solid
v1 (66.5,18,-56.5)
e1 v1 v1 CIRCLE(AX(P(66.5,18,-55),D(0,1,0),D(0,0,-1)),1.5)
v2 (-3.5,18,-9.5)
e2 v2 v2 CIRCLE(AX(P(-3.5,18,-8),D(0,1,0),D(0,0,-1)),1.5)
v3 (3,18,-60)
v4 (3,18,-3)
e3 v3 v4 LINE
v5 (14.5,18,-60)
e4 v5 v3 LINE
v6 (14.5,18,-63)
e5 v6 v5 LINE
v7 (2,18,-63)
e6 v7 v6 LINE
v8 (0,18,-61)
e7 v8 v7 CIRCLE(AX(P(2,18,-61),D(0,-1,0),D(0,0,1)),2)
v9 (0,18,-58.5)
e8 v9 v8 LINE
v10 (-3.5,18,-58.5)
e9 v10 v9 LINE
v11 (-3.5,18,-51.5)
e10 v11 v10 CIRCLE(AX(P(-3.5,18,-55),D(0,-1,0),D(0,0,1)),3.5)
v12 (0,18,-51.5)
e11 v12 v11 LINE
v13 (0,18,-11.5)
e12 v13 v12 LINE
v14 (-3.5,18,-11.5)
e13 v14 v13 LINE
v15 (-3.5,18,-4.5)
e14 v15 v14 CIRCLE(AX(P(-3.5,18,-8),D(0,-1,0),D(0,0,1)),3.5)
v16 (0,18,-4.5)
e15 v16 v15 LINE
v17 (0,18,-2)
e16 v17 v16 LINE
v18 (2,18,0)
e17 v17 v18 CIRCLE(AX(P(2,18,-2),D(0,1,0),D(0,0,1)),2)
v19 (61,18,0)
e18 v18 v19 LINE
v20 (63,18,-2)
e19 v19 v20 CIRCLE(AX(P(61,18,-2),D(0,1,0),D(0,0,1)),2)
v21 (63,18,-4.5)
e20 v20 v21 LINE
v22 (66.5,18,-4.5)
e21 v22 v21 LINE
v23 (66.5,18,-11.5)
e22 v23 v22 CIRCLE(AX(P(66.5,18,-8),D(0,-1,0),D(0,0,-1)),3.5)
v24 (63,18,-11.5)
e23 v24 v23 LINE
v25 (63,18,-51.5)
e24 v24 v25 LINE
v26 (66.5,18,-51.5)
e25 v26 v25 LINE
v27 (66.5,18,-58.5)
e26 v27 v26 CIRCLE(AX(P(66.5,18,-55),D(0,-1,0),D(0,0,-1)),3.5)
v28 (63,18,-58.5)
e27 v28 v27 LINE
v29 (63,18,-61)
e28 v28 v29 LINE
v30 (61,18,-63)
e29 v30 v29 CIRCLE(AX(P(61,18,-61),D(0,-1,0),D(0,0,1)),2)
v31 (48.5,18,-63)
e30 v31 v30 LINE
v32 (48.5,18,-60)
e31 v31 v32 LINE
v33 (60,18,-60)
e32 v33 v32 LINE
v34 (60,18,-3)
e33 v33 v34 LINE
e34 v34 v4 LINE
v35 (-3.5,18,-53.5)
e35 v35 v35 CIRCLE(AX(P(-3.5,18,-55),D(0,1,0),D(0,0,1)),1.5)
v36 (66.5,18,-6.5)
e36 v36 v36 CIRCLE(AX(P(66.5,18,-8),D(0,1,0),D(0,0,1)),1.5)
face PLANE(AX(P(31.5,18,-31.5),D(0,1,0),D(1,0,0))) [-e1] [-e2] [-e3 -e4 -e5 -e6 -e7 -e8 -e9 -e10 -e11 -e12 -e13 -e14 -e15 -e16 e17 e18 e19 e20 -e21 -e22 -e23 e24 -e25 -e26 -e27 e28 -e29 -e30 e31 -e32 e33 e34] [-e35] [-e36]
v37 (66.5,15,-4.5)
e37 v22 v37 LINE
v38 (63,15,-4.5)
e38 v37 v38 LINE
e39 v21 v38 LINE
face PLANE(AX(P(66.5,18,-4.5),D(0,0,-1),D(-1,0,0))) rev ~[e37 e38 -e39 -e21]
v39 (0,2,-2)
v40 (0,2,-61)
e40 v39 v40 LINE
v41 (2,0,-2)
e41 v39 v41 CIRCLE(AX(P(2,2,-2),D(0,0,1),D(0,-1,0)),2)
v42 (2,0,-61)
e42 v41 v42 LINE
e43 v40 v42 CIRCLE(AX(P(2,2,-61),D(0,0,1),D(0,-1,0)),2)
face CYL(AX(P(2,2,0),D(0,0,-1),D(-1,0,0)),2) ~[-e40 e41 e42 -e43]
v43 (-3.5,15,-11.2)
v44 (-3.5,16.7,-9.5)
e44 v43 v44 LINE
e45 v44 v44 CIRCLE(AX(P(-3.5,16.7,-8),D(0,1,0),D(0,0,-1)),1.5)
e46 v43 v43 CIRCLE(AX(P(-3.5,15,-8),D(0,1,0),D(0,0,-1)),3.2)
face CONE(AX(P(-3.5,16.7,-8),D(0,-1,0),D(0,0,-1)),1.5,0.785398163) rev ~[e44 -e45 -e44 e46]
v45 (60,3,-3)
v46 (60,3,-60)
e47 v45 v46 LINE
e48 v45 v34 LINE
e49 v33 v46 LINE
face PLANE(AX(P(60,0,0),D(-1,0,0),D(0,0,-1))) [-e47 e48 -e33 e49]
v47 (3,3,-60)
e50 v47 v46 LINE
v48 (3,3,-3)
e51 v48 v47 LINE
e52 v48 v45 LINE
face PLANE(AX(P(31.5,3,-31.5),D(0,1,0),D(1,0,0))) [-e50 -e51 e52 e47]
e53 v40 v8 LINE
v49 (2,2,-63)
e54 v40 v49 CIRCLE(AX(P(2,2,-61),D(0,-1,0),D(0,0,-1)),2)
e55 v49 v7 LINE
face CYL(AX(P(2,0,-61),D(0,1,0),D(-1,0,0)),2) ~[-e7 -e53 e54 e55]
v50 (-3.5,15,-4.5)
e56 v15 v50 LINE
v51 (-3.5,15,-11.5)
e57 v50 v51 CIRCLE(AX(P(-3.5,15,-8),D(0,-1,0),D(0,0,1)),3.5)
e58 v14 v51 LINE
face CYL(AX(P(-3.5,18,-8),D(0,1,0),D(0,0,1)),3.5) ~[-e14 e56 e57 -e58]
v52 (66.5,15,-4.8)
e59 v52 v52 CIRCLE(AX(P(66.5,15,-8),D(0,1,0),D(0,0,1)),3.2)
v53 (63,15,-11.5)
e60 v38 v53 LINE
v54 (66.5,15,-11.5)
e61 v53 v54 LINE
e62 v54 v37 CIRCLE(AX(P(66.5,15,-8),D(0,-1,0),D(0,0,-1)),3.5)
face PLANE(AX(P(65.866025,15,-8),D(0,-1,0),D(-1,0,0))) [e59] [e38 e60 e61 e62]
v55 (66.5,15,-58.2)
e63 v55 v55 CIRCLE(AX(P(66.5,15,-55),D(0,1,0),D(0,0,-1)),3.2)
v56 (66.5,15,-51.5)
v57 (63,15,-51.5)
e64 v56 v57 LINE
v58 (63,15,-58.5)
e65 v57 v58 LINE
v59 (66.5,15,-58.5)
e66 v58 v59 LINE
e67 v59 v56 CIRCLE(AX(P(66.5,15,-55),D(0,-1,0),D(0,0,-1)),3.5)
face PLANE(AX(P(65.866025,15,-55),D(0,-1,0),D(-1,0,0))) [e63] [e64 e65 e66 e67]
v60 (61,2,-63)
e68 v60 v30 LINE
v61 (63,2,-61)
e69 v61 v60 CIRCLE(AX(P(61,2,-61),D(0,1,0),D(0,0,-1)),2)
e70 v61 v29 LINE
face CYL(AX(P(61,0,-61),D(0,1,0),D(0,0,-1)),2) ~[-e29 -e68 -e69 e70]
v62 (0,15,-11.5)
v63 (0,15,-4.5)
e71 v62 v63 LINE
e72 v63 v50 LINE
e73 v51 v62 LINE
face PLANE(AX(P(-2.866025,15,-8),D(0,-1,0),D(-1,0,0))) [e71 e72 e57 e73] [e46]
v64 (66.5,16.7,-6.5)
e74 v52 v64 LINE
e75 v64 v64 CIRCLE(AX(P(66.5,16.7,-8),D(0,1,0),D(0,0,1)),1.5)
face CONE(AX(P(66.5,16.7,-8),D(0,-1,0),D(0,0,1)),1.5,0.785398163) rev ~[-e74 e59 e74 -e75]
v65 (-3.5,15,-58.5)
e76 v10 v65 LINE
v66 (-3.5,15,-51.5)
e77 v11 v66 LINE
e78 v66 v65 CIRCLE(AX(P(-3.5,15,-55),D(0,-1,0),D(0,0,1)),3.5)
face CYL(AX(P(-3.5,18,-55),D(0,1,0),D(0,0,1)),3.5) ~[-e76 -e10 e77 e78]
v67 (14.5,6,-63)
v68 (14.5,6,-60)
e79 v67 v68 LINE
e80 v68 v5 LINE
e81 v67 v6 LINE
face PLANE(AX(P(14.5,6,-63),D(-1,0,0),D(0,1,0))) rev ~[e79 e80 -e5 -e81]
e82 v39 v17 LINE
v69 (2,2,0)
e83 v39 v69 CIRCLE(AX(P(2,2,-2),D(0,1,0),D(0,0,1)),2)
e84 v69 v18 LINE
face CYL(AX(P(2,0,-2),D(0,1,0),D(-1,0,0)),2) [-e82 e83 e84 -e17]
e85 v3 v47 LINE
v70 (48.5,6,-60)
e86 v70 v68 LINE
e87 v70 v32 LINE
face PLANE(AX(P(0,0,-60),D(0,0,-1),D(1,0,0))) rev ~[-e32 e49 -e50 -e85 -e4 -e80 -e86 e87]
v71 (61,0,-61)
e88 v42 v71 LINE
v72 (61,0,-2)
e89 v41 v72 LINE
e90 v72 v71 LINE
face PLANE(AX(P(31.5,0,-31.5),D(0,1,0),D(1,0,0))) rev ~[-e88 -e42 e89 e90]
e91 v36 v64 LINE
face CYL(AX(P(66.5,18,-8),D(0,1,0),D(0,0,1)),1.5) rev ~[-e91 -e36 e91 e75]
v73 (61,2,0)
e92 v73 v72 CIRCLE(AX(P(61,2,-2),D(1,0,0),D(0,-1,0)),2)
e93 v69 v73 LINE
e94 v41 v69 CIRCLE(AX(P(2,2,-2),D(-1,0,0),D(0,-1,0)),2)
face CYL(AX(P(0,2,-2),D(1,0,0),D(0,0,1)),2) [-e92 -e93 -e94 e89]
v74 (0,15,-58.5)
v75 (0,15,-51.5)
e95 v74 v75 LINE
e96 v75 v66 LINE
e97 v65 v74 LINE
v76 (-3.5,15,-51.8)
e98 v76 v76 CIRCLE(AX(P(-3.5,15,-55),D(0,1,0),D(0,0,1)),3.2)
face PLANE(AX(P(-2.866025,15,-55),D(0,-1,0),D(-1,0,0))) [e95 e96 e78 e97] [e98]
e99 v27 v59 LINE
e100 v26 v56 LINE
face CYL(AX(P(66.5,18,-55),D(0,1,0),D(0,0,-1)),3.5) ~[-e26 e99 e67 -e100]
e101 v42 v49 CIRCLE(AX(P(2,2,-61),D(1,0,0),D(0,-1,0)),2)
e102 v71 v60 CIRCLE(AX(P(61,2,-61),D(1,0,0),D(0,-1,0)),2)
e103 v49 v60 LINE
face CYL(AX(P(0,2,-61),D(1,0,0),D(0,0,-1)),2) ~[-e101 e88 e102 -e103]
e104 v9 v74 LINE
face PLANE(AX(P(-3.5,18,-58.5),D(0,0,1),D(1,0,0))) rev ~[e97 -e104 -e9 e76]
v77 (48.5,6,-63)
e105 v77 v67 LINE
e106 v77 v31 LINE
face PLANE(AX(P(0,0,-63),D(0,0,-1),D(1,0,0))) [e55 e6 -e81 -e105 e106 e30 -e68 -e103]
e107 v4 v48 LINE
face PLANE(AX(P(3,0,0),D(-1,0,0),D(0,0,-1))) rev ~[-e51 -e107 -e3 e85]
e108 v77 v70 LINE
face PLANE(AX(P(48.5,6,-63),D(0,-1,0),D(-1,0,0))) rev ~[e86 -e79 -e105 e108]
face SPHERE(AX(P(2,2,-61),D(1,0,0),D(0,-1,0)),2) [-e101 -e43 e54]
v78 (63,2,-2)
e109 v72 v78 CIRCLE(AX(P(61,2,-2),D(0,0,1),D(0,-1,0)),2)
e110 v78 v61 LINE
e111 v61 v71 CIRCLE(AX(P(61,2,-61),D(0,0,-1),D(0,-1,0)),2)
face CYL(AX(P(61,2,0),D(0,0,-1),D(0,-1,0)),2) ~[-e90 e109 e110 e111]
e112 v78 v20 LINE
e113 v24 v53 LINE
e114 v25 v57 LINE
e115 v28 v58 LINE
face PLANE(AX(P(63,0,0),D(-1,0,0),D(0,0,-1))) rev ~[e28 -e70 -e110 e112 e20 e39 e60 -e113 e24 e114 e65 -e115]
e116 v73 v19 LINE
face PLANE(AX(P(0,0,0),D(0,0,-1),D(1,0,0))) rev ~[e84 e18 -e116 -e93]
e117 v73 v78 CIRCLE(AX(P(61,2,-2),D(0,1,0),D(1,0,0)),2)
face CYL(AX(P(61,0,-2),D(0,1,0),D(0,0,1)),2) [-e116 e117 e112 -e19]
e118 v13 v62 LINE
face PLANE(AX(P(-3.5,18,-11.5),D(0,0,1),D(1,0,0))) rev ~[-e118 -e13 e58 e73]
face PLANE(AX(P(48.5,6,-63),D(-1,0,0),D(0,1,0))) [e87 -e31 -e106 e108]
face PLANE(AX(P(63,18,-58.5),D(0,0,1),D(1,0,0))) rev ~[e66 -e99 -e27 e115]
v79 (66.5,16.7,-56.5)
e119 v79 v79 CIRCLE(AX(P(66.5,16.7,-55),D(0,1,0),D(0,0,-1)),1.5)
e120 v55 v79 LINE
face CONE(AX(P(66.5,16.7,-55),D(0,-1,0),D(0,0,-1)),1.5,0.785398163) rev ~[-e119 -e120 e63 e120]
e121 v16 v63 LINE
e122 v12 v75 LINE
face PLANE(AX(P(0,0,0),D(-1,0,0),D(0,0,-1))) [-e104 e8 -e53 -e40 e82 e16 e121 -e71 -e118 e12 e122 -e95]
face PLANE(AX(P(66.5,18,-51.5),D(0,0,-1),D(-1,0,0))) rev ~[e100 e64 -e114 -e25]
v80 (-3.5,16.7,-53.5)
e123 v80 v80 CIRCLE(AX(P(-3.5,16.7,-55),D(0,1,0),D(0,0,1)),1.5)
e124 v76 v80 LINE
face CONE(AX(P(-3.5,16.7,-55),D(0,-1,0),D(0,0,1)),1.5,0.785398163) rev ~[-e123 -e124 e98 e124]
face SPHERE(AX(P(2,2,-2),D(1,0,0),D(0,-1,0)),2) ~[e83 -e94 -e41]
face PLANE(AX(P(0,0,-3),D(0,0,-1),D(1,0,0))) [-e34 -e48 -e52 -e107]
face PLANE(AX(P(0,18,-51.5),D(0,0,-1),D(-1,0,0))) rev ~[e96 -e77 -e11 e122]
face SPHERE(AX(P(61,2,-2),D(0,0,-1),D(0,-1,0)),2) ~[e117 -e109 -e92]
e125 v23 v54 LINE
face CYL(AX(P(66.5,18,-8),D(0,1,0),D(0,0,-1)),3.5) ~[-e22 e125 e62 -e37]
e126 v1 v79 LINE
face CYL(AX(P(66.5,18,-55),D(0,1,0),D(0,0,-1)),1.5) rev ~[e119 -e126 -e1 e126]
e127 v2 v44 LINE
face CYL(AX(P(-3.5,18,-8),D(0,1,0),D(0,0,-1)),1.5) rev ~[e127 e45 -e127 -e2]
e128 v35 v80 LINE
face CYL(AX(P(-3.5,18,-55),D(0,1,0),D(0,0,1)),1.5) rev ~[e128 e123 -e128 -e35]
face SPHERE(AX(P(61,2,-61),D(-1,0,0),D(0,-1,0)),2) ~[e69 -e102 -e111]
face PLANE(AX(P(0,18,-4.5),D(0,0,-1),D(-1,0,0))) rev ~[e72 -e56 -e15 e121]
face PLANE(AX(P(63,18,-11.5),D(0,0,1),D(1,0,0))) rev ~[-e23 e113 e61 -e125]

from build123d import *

# Parameters (mm, degrees)
SKETCH1_W           = 63
SKETCH1_H           = 63
BOSS_EXTRUDE1_DEPTH = 18
SHELL2_T            = -3
SKETCH2_W           = 34
SKETCH2_H           = 12
CUT_EXTRUDE1_DEPTH  = 3
FILLET2_R           = 2
SKETCH4_R           = 1.5
BOSS_EXTRUDE2_DEPTH = 3
CHAMFER1_SIZE       = 1.7


with BuildPart() as part:
    # Sketch1 → Boss-Extrude1 (new body)
    with BuildSketch(Plane(origin=(0, 0, 0), x_dir=(1, 0, 0), z_dir=(0, 1, 0))):
        with Locations((31.5, 31.5)):
            Rectangle(SKETCH1_W, SKETCH1_H)
    extrude(amount=BOSS_EXTRUDE1_DEPTH)

    # Shell2
    shell2_openings = [part.faces().sort_by_distance(p)[0] for p in [
        (31.5, 18, -31.5),
    ]]
    offset(amount=SHELL2_T, openings=shell2_openings, kind=Kind.INTERSECTION)

    # Sketch2 → Cut-Extrude1 (cut)
    with BuildSketch(Plane(origin=(0, 0, -63), x_dir=(-1, 0, 0), z_dir=(0, 0, -1))):
        with Locations((-31.5, 12)):
            Rectangle(SKETCH2_W, SKETCH2_H)
    extrude(amount=-CUT_EXTRUDE1_DEPTH, mode=Mode.SUBTRACT)

    # Fillet2
    fillet2_edges = [part.edges().sort_by_distance(p)[0] for p in [
        (31.5, 0, -63),
        (63, 0, -31.5),
        (31.5, 0, 0),
        (0, 0, -31.5),
        (0, 9, -63),
        (63, 9, -63),
        (63, 9, 0),
        (0, 9, 0),
    ]]
    fillet(fillet2_edges, radius=FILLET2_R)

    # Sketch4 → Boss-Extrude2 (add)
    # profile 1 of 4: a face of its own
    with BuildSketch(Plane(origin=(0, 18, 0), x_dir=(1, 0, 0), z_dir=(0, 1, 0))):
        with BuildLine():
            Line((0, 58.5), (0, 51.5))
            Line((0, 51.5), (-3.5, 51.5))
            ThreePointArc((-3.5, 51.5), (-7, 55), (-3.5, 58.5))
            Line((-3.5, 58.5), (0, 58.5))
        make_face()
        with Locations(Location((-3.5, 55, 0), (0, 0, 270))):
            Circle(SKETCH4_R, mode=Mode.SUBTRACT)
    # profile 2 of 4: a face of its own
    with BuildSketch(Plane(origin=(0, 18, 0), x_dir=(1, 0, 0), z_dir=(0, 1, 0))):
        with BuildLine():
            Line((66.5, 51.5), (63, 51.5))
            Line((63, 51.5), (63, 58.5))
            Line((63, 58.5), (66.5, 58.5))
            ThreePointArc((66.5, 58.5), (70, 55), (66.5, 51.5))
        make_face()
        with Locations(Location((66.5, 55, 0), (0, 0, 90))):
            Circle(SKETCH4_R, mode=Mode.SUBTRACT)
    # profile 3 of 4: a face of its own
    with BuildSketch(Plane(origin=(0, 18, 0), x_dir=(1, 0, 0), z_dir=(0, 1, 0))):
        with BuildLine():
            Line((63, 4.5), (63, 11.5))
            Line((63, 11.5), (66.5, 11.5))
            ThreePointArc((66.5, 11.5), (70, 8), (66.5, 4.5))
            Line((66.5, 4.5), (63, 4.5))
        make_face()
        with Locations(Location((66.5, 8, 0), (0, 0, 270))):
            Circle(SKETCH4_R, mode=Mode.SUBTRACT)
    # profile 4 of 4: a face of its own
    with BuildSketch(Plane(origin=(0, 18, 0), x_dir=(1, 0, 0), z_dir=(0, 1, 0))):
        with BuildLine():
            Line((-3.5, 11.5), (0, 11.5))
            Line((0, 11.5), (0, 4.5))
            Line((0, 4.5), (-3.5, 4.5))
            ThreePointArc((-3.5, 4.5), (-7, 8), (-3.5, 11.5))
        make_face()
        with Locations(Location((-3.5, 8, 0), (0, 0, 90))):
            Circle(SKETCH4_R, mode=Mode.SUBTRACT)
    extrude(amount=-BOSS_EXTRUDE2_DEPTH)

    # Chamfer1
    chamfer1_edges = [part.edges().sort_by_distance(p)[0] for p in [
        (66.5, 15, -9.5),
        (-3.5, 15, -6.5),
        (-3.5, 15, -56.5),
        (66.5, 15, -53.5),
    ]]
    chamfer(chamfer1_edges, length=CHAMFER1_SIZE)


solid = part.part
